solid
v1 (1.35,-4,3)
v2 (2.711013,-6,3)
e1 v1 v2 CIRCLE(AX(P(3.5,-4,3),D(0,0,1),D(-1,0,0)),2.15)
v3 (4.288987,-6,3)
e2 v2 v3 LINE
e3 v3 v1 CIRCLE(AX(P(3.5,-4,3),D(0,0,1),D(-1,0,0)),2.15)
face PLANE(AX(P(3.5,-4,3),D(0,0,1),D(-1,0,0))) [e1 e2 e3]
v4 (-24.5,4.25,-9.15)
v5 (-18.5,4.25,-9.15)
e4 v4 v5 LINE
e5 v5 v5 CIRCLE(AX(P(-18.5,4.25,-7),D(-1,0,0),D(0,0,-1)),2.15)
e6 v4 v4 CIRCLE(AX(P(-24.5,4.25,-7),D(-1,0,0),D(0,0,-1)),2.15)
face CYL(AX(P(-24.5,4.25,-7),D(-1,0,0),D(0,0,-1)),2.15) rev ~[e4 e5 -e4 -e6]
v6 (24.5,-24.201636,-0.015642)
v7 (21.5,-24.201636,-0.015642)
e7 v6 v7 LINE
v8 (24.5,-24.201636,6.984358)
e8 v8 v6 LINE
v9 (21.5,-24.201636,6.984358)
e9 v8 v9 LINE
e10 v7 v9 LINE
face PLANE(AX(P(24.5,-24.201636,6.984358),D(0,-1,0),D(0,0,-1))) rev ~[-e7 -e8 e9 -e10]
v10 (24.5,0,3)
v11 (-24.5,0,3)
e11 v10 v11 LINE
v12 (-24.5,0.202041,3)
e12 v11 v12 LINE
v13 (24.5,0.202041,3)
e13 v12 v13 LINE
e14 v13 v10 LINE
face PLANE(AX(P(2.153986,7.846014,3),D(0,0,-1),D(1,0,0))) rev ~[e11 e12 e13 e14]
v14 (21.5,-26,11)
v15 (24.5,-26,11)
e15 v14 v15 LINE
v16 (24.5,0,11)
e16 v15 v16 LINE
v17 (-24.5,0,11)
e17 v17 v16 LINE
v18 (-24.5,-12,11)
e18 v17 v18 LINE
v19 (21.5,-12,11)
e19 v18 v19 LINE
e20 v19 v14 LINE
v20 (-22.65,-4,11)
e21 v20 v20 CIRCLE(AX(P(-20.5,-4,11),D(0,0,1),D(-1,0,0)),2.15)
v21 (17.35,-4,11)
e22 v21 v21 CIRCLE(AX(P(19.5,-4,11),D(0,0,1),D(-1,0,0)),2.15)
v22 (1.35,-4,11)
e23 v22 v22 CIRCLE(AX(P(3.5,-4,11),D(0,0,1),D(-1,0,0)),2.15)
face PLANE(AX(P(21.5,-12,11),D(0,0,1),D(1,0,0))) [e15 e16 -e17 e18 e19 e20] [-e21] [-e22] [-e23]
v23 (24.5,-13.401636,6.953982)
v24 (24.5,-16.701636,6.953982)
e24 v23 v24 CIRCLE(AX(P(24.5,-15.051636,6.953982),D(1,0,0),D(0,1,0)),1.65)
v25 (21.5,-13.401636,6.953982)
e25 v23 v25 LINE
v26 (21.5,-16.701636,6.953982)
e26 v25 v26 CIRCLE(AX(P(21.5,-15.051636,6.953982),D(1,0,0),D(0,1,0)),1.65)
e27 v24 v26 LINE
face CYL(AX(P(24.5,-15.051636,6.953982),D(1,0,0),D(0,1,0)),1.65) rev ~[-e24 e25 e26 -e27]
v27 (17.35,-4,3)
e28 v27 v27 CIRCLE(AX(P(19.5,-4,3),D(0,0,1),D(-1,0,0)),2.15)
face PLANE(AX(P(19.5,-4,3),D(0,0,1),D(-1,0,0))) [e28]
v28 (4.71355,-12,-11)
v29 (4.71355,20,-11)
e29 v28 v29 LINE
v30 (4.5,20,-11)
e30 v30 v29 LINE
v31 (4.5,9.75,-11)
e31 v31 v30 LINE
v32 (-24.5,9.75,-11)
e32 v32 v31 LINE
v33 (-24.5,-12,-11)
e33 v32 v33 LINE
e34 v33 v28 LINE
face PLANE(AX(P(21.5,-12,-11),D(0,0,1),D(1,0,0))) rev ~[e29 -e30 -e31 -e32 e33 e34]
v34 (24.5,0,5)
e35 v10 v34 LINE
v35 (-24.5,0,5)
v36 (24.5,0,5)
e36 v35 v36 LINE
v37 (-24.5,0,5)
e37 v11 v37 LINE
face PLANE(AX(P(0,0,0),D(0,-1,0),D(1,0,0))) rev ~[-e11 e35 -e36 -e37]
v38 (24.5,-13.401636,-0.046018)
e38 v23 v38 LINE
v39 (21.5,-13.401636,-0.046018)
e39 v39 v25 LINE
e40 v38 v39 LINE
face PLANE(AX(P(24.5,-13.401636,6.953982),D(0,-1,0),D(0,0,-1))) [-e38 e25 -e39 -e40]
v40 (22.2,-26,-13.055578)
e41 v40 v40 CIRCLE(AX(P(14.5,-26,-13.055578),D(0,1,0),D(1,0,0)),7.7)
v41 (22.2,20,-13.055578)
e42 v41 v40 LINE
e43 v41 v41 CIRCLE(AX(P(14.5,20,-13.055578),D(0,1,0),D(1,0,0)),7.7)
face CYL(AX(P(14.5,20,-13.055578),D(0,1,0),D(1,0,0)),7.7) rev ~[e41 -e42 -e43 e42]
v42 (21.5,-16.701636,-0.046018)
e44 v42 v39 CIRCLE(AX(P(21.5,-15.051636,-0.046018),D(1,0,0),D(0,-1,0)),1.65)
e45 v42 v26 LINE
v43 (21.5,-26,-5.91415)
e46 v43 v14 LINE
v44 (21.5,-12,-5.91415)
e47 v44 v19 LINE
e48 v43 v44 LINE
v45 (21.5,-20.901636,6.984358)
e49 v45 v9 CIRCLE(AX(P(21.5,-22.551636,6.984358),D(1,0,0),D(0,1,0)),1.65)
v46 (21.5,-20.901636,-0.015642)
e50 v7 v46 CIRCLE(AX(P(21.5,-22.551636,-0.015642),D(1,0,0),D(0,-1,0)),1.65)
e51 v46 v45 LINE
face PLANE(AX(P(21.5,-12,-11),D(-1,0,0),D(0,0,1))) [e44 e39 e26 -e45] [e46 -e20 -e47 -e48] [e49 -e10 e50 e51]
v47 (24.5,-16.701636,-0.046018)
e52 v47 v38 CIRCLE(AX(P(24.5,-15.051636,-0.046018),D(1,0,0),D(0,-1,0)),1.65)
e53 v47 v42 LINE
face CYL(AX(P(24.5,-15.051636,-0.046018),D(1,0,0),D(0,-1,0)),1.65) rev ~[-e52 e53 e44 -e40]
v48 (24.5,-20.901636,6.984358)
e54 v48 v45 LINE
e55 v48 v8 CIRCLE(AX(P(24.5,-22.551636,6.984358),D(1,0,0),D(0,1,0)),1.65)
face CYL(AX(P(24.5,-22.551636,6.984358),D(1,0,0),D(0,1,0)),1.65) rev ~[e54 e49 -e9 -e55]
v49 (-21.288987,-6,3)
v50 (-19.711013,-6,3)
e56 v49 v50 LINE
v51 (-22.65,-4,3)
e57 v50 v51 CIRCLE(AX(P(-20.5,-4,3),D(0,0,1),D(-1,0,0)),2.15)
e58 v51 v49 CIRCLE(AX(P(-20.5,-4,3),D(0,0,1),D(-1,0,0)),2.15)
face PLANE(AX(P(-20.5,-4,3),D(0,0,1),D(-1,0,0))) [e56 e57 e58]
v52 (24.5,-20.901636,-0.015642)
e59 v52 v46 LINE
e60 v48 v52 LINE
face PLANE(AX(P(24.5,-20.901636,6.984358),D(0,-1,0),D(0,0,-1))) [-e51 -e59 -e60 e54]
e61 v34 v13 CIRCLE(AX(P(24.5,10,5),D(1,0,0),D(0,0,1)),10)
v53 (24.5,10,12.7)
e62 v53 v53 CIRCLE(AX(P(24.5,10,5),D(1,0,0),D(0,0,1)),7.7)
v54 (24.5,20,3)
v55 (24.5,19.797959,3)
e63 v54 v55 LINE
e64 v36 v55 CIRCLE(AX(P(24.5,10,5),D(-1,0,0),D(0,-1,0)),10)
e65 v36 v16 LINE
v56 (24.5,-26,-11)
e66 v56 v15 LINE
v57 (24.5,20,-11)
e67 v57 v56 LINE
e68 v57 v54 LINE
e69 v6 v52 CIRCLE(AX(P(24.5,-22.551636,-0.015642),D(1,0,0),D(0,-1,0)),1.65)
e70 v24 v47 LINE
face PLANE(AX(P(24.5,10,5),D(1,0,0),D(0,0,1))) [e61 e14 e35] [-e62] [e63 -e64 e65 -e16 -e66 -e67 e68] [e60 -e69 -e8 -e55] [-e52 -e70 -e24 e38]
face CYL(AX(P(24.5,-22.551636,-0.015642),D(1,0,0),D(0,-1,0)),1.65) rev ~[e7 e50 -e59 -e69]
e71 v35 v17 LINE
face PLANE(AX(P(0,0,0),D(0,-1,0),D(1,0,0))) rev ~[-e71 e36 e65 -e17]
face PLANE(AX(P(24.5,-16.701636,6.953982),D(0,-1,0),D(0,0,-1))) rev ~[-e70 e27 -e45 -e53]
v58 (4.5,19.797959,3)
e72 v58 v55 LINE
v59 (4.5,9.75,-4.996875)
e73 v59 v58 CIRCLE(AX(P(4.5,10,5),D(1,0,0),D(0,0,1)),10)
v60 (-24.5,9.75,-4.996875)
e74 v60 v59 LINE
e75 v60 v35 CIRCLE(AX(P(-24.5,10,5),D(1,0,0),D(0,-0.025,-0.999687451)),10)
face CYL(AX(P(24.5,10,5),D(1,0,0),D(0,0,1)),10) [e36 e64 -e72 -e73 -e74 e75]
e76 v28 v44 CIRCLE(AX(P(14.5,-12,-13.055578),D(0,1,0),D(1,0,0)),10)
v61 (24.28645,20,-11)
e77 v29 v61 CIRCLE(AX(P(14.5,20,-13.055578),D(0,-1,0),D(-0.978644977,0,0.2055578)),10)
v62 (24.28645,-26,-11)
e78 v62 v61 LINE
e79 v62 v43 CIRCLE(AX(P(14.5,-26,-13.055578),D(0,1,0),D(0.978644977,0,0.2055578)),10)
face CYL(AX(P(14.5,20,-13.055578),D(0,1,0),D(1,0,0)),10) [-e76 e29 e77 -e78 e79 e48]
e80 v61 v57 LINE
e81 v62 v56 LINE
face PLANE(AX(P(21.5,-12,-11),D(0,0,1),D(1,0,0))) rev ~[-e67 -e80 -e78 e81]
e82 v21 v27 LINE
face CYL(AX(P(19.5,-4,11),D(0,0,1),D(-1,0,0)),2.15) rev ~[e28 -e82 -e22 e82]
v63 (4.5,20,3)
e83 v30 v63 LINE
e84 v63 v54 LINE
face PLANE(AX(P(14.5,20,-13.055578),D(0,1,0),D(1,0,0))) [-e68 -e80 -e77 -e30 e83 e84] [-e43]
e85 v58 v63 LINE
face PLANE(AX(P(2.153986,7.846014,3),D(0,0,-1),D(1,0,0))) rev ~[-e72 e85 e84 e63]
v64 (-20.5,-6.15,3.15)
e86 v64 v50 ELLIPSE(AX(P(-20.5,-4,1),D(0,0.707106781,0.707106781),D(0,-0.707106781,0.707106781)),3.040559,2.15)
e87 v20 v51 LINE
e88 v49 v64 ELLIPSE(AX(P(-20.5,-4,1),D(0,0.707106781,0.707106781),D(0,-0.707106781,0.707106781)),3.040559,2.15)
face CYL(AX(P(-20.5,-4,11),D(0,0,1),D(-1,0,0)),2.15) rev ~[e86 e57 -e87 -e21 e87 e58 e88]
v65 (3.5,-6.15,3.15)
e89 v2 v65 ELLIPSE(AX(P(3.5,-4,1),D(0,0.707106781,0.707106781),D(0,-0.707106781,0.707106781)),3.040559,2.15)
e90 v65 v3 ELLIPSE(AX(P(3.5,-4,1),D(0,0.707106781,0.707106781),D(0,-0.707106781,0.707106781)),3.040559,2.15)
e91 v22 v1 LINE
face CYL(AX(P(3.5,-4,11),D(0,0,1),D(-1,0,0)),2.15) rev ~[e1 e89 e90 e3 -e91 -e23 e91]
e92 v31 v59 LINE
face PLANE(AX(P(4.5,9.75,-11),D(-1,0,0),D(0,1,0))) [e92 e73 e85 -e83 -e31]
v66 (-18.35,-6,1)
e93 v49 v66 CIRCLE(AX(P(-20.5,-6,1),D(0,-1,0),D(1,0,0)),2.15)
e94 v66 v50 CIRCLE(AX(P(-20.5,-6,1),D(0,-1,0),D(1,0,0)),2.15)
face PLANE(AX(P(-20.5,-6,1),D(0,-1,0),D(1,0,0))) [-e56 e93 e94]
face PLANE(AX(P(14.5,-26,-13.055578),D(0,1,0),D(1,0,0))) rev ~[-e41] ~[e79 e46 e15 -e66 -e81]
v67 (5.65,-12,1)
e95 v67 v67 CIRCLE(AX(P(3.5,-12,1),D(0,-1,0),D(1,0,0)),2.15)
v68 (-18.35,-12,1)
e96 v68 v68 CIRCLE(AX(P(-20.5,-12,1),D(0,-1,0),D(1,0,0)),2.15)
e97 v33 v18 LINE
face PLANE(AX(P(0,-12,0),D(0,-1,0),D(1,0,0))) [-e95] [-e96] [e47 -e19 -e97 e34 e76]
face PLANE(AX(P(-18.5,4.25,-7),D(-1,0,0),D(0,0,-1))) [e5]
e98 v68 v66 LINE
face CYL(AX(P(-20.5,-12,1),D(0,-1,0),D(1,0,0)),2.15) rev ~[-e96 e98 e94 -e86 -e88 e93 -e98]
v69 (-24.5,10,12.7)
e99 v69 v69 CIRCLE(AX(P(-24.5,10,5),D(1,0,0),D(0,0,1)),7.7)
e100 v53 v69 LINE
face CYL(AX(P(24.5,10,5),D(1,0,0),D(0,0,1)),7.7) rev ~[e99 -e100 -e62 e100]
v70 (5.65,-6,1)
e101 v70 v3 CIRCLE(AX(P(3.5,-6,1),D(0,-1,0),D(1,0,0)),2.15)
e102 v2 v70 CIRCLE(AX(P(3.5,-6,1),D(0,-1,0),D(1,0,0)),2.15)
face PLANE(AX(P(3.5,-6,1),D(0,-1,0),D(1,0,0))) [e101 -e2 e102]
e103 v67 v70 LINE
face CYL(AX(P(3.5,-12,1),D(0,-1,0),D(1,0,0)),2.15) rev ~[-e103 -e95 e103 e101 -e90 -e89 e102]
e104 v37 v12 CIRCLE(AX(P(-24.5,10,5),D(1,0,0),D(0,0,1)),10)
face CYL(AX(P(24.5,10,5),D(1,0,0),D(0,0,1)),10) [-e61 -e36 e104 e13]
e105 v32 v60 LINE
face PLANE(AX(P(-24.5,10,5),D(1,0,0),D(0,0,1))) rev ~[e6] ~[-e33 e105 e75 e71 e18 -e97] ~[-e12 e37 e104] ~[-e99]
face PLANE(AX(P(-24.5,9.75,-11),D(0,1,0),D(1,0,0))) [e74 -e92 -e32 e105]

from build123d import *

# Parameters (mm, degrees)
SKETCH005_W     = 49
SKETCH005_H     = 22
PAD001_DEPTH    = 12
SKETCH006_R     = 2.15
POCKET004_DEPTH = 8
SKETCH007_R     = 2.15
POCKET005_DEPTH = 6
PAD002_DEPTH    = 14
SKETCH009_R     = 2.15
POCKET006_DEPTH = 6
SKETCH010_W     = 3
SKETCH010_H     = 22
PAD003_DEPTH    = 14
POCKET007_DEPTH = 49.001
SKETCH012_R     = 10
PAD004_DEPTH    = 49
SKETCH013_R     = 10
PAD005_DEPTH    = 46
SKETCH014_R     = 7.7
POCKET008_DEPTH = 46.001
SKETCH015_R     = 7.7
POCKET009_DEPTH = 49.001


with BuildPart() as part:
    # Sketch005 → Pad001 (new body)
    with BuildSketch(Plane.XZ):
        Rectangle(SKETCH005_W, SKETCH005_H)
    extrude(amount=PAD001_DEPTH)

    # Sketch006 (on Face1 of Pad001) → Pocket004 (cut)
    with BuildSketch(Plane(origin=(0, 0, 11), x_dir=(-1, 0, 0), z_dir=(0, 0, 1))):
        with Locations((20.5, 4)):
            Circle(SKETCH006_R)
        with Locations((-19.5, 4)):
            Circle(SKETCH006_R)
        with Locations((-3.5, 4)):
            Circle(SKETCH006_R)
    extrude(amount=-POCKET004_DEPTH, mode=Mode.SUBTRACT)

    # Sketch007 (on Face4 of Pocket004) → Pocket005 (cut)
    with BuildSketch(Plane.XZ.offset(12)):
        with Locations((-20.5, 1)):
            Circle(SKETCH007_R)
        with Locations((3.5, 1)):
            Circle(SKETCH007_R)
    extrude(amount=-POCKET005_DEPTH, mode=Mode.SUBTRACT)

    # Sketch008 (on Face8 of Pocket005) → Pad002 (join)
    with BuildSketch(Plane(origin=(0, 0, -11), x_dir=(1, 0, 0), z_dir=(0, 0, -1))):
        Polygon((-24.5, 0), (-24.5, -9.75), (4.5, -9.75), (4.5, -20), (24.5, -20), (24.5, 0), align=None)
    extrude(amount=-PAD002_DEPTH)

    # Sketch009 (on Face10 of Pad002) → Pocket006 (cut)
    with BuildSketch(Plane(origin=(-24.5, 0, 0), x_dir=(0, 0, -1), z_dir=(-1, 0, 0))):
        with Locations((7, -4.25)):
            Circle(SKETCH009_R)
    extrude(amount=-POCKET006_DEPTH, mode=Mode.SUBTRACT)

    # Sketch010 (on Face4 of Pocket006) → Pad003 (join)
    with BuildSketch(Plane.XZ.offset(12)):
        with Locations((23, 0)):
            Rectangle(SKETCH010_W, SKETCH010_H)
    extrude(amount=PAD003_DEPTH)

    # Sketch011 (on Face16 of Pad003) → Pocket007 (cut, through all)
    with BuildSketch(Plane(origin=(24.5, 0, 0), x_dir=(0, 0, 1), z_dir=(1, 0, 0))):
        with BuildLine():
            ThreePointArc((6.984358, 20.901636), (8.634358, 22.551636), (6.984358, 24.201636))
            Line((6.984358, 24.201636), (-0.015642, 24.201636))
            ThreePointArc((-0.015642, 24.201636), (-1.665642, 22.551636), (-0.015642, 20.901636))
            Line((6.984358, 20.901636), (-0.015642, 20.901636))
        make_face()
        with BuildLine():
            ThreePointArc((6.953982, 13.401636), (8.603982, 15.051636), (6.953982, 16.701636))
            Line((6.953982, 16.701636), (-0.046018, 16.701636))
            ThreePointArc((-0.046018, 16.701636), (-1.696018, 15.051636), (-0.046018, 13.401636))
            Line((6.953982, 13.401636), (-0.046018, 13.401636))
        make_face()
    extrude(amount=-POCKET007_DEPTH, mode=Mode.SUBTRACT)

    # Sketch012 (on Face18 of Pocket007) → Pad004 (join)
    with BuildSketch(Plane(origin=(24.5, 0, 0), x_dir=(0, 0, 1), z_dir=(1, 0, 0))):
        with Locations((5, -10)):
            Circle(SKETCH012_R)
    extrude(amount=-PAD004_DEPTH)

    # Sketch013 (on Face40 of Pad004) → Pad005 (join)
    with BuildSketch(Plane(origin=(0, 20, 0), x_dir=(1, 0, 0), z_dir=(0, 1, 0))):
        with Locations((14.5, 13.055578)):
            Circle(SKETCH013_R)
    extrude(amount=-PAD005_DEPTH)

    # Sketch014 (on Face29 of Pad005) → Pocket008 (cut, through all)
    with BuildSketch(Plane(origin=(0, 20, 0), x_dir=(1, 0, 0), z_dir=(0, 1, 0))):
        with Locations((14.5, 13.055578)):
            Circle(SKETCH014_R)
    extrude(amount=-POCKET008_DEPTH, mode=Mode.SUBTRACT)

    # Sketch015 (on Face55 of Pocket008) → Pocket009 (cut, through all)
    with BuildSketch(Plane(origin=(24.5, 0, 0), x_dir=(0, 0, 1), z_dir=(1, 0, 0))):
        with Locations((5, -10)):
            Circle(SKETCH015_R)
    extrude(amount=-POCKET009_DEPTH, mode=Mode.SUBTRACT)


solid = part.part
